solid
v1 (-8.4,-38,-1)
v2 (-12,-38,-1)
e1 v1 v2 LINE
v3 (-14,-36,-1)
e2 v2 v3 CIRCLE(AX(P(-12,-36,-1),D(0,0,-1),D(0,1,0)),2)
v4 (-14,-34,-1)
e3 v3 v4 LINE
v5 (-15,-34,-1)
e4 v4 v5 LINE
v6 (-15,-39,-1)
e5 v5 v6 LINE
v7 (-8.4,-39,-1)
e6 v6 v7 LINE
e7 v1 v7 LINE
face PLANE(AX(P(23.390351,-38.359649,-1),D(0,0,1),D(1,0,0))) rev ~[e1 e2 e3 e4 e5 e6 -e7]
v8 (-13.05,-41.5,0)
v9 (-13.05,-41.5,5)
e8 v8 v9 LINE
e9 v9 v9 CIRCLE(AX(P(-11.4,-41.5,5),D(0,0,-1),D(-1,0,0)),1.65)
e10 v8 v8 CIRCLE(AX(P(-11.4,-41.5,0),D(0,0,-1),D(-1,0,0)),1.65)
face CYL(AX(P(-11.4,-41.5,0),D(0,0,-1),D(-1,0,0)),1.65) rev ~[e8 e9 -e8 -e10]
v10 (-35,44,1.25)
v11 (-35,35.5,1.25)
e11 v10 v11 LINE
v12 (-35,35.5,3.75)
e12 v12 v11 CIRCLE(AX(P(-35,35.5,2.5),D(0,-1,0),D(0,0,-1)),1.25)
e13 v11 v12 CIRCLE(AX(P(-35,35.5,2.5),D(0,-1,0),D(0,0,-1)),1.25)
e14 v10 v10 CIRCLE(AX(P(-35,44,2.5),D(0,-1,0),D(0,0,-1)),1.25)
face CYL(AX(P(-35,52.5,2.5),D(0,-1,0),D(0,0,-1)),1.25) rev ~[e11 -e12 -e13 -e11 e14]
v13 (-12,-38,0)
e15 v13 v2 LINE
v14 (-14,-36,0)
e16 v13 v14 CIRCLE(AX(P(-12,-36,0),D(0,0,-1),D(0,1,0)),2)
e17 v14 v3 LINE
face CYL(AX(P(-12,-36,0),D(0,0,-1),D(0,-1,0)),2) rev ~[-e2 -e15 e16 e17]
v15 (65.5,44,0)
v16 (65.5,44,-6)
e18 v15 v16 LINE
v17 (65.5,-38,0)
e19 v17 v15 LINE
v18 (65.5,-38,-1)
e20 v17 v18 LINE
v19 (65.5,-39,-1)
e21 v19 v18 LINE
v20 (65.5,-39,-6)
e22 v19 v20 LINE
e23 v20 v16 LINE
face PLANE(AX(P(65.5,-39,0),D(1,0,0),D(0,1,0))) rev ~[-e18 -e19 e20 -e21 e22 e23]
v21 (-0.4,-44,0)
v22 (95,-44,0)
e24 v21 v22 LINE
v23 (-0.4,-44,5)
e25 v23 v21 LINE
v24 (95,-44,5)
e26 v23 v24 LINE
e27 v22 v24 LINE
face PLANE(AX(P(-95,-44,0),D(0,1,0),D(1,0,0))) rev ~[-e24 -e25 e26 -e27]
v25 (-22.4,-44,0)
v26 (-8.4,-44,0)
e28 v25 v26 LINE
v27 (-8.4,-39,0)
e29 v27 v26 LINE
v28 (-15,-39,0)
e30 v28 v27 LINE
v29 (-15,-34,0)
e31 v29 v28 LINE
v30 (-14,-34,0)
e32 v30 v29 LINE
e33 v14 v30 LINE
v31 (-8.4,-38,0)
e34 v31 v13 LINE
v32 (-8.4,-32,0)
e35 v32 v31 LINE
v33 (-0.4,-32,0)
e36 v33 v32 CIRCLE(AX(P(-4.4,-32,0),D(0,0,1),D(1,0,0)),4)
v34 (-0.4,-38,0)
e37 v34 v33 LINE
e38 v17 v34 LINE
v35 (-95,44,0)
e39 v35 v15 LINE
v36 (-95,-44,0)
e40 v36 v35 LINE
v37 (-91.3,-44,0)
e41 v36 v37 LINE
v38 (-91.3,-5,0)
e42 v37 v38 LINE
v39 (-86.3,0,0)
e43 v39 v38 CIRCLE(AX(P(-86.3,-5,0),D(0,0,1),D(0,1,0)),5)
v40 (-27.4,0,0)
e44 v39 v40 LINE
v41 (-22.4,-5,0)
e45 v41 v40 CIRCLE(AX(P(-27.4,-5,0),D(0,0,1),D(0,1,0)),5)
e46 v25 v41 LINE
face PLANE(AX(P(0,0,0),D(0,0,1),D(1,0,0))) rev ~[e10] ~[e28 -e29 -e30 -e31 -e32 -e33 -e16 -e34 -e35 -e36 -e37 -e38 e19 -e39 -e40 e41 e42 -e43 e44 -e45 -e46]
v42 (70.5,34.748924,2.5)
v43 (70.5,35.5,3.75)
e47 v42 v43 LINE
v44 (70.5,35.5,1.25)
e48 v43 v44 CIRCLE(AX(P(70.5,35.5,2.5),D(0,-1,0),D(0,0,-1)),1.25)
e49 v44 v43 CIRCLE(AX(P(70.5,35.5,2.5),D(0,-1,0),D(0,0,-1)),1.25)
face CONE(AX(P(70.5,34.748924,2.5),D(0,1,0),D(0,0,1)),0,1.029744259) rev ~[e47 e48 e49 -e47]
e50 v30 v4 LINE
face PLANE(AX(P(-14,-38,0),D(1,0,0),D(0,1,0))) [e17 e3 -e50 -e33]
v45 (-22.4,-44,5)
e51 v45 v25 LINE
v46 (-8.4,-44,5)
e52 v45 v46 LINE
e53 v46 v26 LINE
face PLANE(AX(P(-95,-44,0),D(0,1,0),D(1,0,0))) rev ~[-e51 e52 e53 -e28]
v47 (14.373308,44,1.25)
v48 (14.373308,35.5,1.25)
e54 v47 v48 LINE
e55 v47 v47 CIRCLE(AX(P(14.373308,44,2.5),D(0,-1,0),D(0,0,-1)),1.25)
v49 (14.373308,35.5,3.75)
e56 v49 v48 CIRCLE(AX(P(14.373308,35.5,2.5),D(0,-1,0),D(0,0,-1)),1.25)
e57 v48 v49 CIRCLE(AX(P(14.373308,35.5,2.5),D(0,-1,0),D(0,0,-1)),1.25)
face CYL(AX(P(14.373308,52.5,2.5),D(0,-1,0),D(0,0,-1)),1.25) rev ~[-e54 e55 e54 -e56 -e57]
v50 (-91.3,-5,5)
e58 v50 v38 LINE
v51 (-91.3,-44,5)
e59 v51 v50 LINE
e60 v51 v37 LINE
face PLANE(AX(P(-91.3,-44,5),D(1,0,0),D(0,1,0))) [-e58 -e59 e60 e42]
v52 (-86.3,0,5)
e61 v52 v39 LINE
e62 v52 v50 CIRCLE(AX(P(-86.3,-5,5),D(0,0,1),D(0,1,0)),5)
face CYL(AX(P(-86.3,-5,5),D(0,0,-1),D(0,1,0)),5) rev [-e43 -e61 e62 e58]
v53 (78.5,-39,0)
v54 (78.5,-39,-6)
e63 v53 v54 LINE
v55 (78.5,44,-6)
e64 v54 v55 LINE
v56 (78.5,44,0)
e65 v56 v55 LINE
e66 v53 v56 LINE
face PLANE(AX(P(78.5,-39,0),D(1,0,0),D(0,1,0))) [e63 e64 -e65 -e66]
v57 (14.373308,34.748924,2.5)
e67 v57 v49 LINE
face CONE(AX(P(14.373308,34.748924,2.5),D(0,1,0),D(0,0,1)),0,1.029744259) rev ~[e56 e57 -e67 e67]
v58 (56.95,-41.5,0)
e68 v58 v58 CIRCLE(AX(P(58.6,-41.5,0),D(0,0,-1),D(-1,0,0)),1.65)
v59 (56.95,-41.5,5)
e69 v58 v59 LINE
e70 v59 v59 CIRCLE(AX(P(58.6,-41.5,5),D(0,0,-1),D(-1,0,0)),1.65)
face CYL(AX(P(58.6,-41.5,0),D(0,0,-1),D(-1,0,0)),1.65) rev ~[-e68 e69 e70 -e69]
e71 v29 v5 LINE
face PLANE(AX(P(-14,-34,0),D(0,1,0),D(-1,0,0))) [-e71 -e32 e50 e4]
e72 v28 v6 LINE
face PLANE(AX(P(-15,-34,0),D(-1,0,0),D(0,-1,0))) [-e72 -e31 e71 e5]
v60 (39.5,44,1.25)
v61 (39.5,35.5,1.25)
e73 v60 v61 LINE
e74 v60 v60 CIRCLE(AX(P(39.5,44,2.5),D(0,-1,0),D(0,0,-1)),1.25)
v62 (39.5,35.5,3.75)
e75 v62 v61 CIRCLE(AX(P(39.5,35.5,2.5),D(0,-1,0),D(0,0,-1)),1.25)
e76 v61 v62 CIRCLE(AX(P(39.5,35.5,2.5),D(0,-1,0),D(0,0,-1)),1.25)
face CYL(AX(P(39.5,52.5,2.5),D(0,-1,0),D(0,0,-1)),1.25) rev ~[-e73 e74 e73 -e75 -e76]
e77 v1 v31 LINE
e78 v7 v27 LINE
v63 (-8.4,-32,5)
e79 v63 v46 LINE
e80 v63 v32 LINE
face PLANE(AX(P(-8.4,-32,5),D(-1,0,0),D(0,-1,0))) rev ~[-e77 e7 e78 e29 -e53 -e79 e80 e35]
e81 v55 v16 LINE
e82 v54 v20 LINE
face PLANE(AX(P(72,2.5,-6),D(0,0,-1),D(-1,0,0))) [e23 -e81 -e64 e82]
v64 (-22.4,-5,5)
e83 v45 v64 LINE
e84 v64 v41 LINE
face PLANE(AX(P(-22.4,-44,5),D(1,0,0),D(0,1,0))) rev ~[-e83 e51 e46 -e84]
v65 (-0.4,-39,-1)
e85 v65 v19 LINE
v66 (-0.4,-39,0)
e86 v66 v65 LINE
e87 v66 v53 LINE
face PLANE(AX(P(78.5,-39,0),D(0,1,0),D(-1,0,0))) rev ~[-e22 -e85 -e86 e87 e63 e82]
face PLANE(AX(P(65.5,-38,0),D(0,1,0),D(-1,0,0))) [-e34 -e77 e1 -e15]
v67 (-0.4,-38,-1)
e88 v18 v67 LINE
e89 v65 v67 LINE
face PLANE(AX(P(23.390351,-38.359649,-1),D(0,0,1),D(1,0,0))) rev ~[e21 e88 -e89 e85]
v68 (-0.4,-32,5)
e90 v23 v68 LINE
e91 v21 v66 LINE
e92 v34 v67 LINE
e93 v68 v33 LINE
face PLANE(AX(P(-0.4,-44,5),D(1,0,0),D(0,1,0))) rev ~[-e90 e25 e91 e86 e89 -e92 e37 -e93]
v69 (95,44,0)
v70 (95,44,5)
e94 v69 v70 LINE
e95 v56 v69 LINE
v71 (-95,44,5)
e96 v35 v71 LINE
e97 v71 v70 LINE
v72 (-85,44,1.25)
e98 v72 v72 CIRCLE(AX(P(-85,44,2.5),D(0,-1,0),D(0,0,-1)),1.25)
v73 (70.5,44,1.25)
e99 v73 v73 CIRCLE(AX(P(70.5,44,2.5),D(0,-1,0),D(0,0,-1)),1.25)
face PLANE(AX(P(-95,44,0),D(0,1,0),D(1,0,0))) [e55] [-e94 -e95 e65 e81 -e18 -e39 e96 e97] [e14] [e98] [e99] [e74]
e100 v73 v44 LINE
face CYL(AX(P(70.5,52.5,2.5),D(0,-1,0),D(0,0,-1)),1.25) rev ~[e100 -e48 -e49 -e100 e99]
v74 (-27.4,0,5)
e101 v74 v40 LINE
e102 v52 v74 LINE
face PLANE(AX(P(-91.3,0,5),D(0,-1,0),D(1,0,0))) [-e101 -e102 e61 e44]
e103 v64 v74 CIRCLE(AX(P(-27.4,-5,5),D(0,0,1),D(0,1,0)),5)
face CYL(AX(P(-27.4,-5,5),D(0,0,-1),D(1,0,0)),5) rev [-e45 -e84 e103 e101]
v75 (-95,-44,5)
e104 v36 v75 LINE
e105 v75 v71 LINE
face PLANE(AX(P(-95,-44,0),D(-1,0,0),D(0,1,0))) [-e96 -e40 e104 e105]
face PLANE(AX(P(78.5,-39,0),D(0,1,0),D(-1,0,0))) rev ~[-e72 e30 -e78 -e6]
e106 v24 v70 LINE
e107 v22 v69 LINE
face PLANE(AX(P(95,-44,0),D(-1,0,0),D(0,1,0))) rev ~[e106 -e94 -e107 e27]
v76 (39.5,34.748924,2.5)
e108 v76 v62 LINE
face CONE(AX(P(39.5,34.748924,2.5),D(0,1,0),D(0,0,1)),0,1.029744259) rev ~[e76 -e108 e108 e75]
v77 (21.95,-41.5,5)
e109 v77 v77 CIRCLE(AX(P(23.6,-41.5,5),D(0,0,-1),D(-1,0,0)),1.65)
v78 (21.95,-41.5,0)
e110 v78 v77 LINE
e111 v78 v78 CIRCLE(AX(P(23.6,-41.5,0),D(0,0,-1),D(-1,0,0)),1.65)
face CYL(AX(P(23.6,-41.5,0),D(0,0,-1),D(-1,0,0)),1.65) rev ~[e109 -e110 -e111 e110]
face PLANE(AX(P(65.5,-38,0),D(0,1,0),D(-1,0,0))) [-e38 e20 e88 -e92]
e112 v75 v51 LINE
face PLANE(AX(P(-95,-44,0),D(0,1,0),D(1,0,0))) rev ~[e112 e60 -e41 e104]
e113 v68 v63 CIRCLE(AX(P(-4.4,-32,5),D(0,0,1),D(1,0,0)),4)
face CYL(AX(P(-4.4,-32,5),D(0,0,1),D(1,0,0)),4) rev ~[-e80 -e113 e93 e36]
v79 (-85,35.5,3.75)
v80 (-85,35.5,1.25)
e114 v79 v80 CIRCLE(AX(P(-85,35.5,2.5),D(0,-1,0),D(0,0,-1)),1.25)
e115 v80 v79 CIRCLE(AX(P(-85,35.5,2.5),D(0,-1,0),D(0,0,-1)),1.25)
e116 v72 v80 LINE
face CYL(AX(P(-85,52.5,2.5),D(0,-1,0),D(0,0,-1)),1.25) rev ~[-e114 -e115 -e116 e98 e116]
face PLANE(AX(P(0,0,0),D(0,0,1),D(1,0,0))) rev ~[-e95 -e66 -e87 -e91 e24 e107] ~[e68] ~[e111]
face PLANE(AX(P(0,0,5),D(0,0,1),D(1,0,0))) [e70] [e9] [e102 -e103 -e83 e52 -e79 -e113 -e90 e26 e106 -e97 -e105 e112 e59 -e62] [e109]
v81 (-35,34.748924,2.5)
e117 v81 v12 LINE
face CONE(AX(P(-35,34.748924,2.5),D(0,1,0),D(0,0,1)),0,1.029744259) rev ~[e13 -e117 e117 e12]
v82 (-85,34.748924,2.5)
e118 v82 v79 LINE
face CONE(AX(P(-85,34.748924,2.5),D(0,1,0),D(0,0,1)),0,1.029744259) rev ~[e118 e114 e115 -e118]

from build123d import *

# Parameters (mm, degrees)
SKETCH1_W              = 190
SKETCH1_H              = 88
BOSS_EXTRUDE1_DEPTH    = 5
SKETCH2_W              = 13
SKETCH2_H              = 83
BOSS_EXTRUDE2_DEPTH    = 6
BOSS_EXTRUDE3_DEPTH    = 1
SKETCH7_R              = 1.65
CUT_EXTRUDE3_DEPTH     = 6
FILLET3_R              = 2
HOLE_WIZARD_M3_1_D     = 2.5
HOLE_WIZARD_M3_1_DEPTH = 8.5
HOLE_WIZARD_M3_1_TIP   = 0.751075774
CUT_EXTRUDE_START      = -5
CUT_EXTRUDE_1_DEPTH    = 12
SKETCH_4_W             = 68.9
SKETCH_4_H             = 44
CUT_EXTRUDE_2_DEPTH    = 12
FILLET_1_R             = 5


with BuildPart() as part:
    # Sketch1 → Boss-Extrude1 (new body)
    with BuildSketch(Plane.XY):
        Rectangle(SKETCH1_W, SKETCH1_H)
    extrude(amount=BOSS_EXTRUDE1_DEPTH)

    # Sketch2 → Boss-Extrude2 (add)
    with BuildSketch(Plane(origin=(0, 0, 0), x_dir=(-1, 0, 0), z_dir=(0, 0, -1))):
        with Locations((-72, 2.5)):
            Rectangle(SKETCH2_W, SKETCH2_H)
    extrude(amount=BOSS_EXTRUDE2_DEPTH)

    # Sketch4 → Boss-Extrude3 (add)
    with BuildSketch(Plane(origin=(0, 0, 0), x_dir=(-1, 0, 0), z_dir=(0, 0, -1))):
        Polygon((-65.5, -38), (14, -38), (14, -34), (15, -34), (15, -39), (-65.5, -39), align=None)
    extrude(amount=BOSS_EXTRUDE3_DEPTH)

    # Sketch7 → Cut-Extrude3 (cut, through all)
    with BuildSketch(Plane(origin=(0, 0, 0), x_dir=(-1, 0, 0), z_dir=(0, 0, -1))):
        with Locations((-58.6, -41.5)):
            Circle(SKETCH7_R)
        with Locations((-23.6, -41.5)):
            Circle(SKETCH7_R)
        with Locations((11.4, -41.5)):
            Circle(SKETCH7_R)
    extrude(amount=-CUT_EXTRUDE3_DEPTH, mode=Mode.SUBTRACT)

    # Fillet3
    fillet3_edges = [part.edges().sort_by_distance(p)[0] for p in [
        (-14, -38, -0.5),
    ]]
    fillet(fillet3_edges, radius=FILLET3_R)

    # M3 螺纹孔1
    with Locations(Plane(origin=(-85, 44, 2.5), x_dir=(0, 0, 1), z_dir=(0, 1, 0))):
        with Locations((0, 0), (0, 50), (0, 99.373308098), (0, 124.5), (0, 155.5)):
            Hole(HOLE_WIZARD_M3_1_D / 2, depth=HOLE_WIZARD_M3_1_DEPTH)
            with Locations((0, 0, -(HOLE_WIZARD_M3_1_DEPTH + HOLE_WIZARD_M3_1_TIP / 2))):  # 118° drill point
                Cone(0, HOLE_WIZARD_M3_1_D / 2, HOLE_WIZARD_M3_1_TIP, mode=Mode.SUBTRACT)

    # 草图3 → 切除-拉伸1 (cut, through all)
    with BuildSketch(Plane(origin=(0, 0, 0), x_dir=(-1, 0, 0), z_dir=(0, 0, -1)).offset(CUT_EXTRUDE_START)):
        with BuildLine():
            Line((0.4, -44), (0.4, -32))
            ThreePointArc((0.4, -32), (4.4, -28), (8.4, -32))
            Line((8.4, -32), (8.4, -44))
            Line((8.4, -44), (0.4, -44))
        make_face()
    extrude(amount=CUT_EXTRUDE_1_DEPTH, mode=Mode.SUBTRACT)

    # 草图4 → 切除-拉伸2 (cut, through all)
    with BuildSketch(Plane.XY.offset(5)):
        with Locations((-56.85, -22)):
            Rectangle(SKETCH_4_W, SKETCH_4_H)
    extrude(amount=-CUT_EXTRUDE_2_DEPTH, mode=Mode.SUBTRACT)

    # 圆角1
    fillet_1_edges = [part.edges().sort_by_distance(p)[0] for p in [
        (-91.3, 0, 2.5),
        (-22.4, 0, 2.5),
    ]]
    fillet(fillet_1_edges, radius=FILLET_1_R)


solid = part.part
